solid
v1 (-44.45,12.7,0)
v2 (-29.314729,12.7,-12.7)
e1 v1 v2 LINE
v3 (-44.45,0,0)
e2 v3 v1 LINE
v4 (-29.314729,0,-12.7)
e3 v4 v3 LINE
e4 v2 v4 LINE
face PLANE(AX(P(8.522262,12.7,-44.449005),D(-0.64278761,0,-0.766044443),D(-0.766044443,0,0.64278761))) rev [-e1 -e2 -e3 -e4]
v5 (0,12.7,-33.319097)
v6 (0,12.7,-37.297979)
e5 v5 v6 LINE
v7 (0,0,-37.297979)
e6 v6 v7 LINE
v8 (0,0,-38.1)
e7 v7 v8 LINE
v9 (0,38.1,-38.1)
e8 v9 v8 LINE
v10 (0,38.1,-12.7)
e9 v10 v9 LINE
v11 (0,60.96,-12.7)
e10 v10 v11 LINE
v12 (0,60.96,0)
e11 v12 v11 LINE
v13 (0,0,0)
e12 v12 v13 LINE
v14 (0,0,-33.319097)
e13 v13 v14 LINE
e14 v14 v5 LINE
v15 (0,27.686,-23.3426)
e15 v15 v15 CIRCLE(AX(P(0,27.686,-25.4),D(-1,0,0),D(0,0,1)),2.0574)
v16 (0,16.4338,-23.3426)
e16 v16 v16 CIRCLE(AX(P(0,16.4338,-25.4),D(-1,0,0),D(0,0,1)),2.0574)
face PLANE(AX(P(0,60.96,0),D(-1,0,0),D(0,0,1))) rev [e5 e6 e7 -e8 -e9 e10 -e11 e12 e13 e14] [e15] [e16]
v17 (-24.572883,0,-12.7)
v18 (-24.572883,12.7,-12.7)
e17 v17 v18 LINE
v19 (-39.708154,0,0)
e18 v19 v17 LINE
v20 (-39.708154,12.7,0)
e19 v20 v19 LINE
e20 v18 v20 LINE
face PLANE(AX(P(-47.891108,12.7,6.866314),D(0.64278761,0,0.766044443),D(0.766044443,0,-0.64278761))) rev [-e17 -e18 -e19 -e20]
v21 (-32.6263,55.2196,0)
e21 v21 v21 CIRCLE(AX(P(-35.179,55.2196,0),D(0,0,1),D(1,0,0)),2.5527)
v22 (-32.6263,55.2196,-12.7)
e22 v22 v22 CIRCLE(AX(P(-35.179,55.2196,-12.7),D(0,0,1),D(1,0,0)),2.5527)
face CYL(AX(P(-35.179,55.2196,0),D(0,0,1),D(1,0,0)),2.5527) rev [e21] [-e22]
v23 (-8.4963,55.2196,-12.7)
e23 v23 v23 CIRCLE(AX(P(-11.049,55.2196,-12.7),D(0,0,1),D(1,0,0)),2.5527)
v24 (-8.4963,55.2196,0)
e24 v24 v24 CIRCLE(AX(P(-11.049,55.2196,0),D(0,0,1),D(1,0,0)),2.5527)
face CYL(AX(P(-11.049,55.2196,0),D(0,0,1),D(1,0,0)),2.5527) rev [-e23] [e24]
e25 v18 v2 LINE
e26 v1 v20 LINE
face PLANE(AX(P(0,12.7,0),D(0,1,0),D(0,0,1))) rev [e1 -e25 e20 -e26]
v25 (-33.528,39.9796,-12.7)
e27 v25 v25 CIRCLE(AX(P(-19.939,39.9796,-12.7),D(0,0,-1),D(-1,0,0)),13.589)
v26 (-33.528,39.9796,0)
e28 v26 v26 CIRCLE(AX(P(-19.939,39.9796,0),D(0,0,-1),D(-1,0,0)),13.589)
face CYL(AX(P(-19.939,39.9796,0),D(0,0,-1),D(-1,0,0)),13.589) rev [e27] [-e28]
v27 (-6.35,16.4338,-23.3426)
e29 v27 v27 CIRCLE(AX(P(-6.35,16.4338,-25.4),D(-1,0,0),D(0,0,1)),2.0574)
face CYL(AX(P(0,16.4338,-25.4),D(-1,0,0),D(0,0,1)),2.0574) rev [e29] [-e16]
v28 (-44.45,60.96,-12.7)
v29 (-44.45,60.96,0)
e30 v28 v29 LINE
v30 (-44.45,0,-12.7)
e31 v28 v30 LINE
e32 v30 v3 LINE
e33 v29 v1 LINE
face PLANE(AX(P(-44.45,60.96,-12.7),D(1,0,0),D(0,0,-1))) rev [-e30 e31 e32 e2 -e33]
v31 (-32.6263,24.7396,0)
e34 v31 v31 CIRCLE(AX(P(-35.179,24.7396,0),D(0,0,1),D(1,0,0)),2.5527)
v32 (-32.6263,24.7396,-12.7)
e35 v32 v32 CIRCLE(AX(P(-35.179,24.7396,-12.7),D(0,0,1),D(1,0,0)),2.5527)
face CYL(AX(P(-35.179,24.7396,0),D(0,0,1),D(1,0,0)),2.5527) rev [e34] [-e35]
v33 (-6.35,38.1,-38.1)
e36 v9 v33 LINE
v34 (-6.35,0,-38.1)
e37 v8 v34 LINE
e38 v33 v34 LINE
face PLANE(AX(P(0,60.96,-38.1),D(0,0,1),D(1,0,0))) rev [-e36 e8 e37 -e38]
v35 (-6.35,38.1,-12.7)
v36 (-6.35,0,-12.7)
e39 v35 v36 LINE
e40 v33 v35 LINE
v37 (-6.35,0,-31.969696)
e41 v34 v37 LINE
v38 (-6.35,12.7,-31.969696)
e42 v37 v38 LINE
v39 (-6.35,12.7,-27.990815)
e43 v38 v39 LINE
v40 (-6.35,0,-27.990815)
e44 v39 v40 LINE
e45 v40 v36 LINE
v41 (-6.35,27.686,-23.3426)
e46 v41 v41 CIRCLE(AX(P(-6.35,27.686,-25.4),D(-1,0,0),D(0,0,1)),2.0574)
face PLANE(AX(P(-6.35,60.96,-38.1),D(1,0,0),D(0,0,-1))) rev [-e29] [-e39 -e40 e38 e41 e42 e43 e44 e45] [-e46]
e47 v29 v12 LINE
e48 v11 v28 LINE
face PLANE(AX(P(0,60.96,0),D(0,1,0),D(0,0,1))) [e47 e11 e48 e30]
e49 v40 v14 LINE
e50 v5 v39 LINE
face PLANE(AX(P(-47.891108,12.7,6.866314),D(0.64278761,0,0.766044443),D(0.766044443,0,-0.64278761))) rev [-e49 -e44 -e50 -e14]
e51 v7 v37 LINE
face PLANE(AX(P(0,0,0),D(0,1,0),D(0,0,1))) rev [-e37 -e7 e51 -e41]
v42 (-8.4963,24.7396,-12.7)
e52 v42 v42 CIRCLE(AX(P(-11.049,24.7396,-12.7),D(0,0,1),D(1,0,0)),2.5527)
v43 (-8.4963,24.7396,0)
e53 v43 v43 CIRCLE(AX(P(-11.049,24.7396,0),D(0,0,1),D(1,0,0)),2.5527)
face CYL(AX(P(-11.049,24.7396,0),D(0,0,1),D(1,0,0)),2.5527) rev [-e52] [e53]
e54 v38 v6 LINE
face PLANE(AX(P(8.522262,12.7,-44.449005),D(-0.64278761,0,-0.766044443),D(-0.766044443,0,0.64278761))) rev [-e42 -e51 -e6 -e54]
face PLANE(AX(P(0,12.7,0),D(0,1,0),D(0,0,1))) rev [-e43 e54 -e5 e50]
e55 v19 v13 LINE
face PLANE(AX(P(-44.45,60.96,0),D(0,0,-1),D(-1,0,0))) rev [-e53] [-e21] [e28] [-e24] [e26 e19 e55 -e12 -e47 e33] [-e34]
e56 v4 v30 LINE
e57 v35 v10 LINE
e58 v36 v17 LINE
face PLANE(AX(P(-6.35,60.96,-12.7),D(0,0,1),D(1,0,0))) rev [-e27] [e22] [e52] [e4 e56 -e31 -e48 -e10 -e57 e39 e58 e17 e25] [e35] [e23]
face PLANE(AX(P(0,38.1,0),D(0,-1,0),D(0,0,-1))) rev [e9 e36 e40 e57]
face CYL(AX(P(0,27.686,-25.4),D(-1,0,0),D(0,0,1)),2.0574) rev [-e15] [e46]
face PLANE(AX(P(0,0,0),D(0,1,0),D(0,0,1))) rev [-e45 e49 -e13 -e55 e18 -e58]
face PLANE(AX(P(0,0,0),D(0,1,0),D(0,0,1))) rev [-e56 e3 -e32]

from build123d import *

# Parameters (mm, degrees)
BOSS_EXTRUDE1_DEPTH         = 60.96
SKETCH4_R                   = 2.0574
CUT_EXTRUDE3_DEPTH          = 7.35
SKETCH3_R                   = 13.589
SKETCH3_R_2                 = 2.54
CUT_EXTRUDE2_DEPTH          = 13.7
CUT_EXTRUDE4_DEPTH          = 12.7
SKETCH10_W                  = 6.35
SKETCH10_H                  = 25.4
CUT_EXTRUDE5_DEPTH          = 22.86
F_1_4_20_TAPPED_HOLE1_D     = 5.1054
F_1_4_20_TAPPED_HOLE1_DEPTH = 16.51
F_1_4_20_TAPPED_HOLE1_TIP   = 1.533816902


with BuildPart() as part:
    # Sketch1 → Boss-Extrude1 (new body)
    with BuildSketch(Plane(origin=(0, 0, 0), x_dir=(1, 0, 0), z_dir=(0, 1, 0))):
        Polygon((-44.45, 12.7), (-44.45, 0), (0, 0), (0, 38.1), (-6.35, 38.1), (-6.35, 12.7), align=None)
    extrude(amount=BOSS_EXTRUDE1_DEPTH)

    # Sketch4 → Cut-Extrude3 (cut, through all)
    with BuildSketch(Plane.ZY.offset(6.35)):
        with Locations((-25.4, 16.4338)):
            Circle(SKETCH4_R)
        with Locations((-25.4, 27.686)):
            Circle(SKETCH4_R)
    extrude(amount=-CUT_EXTRUDE3_DEPTH, mode=Mode.SUBTRACT)

    # Sketch3 → Cut-Extrude2 (cut, through all)
    with BuildSketch(Plane(origin=(0, 0, -12.7), x_dir=(-1, 0, 0), z_dir=(0, 0, -1))):
        with Locations((19.939, 39.9796)):
            Circle(SKETCH3_R)
        with Locations((35.179, 55.2196)):
            Circle(SKETCH3_R_2)
        with Locations((11.049, 55.2196)):
            Circle(SKETCH3_R_2)
        with Locations((11.049, 24.7396)):
            Circle(SKETCH3_R_2)
        with Locations((35.179, 24.7396)):
            Circle(SKETCH3_R_2)
    extrude(amount=-CUT_EXTRUDE2_DEPTH, mode=Mode.SUBTRACT)

    # Sketch6 → Cut-Extrude4 (cut)
    with BuildSketch(Plane.XZ):
        Polygon((-47.891108231, 6.866314065), (10.481478335, -42.114101793), (8.522261701, -44.449005256), (-49.850324865, 4.531410602), align=None)
    extrude(amount=-CUT_EXTRUDE4_DEPTH, mode=Mode.SUBTRACT)

    # Sketch10 → Cut-Extrude5 (cut)
    with BuildSketch(Plane(origin=(0, 60.96, 0), x_dir=(1, 0, 0), z_dir=(0, 1, 0))):
        with Locations((-3.175, 25.4)):
            Rectangle(SKETCH10_W, SKETCH10_H)
    extrude(amount=-CUT_EXTRUDE5_DEPTH, mode=Mode.SUBTRACT)

    # 1/4-20 Tapped Hole1
    with Locations(Plane.XY):
        with Locations((-35.179, 55.2196), (-11.049, 55.2196), (-35.179, 24.7396), (-11.049, 24.7396)):
            Hole(F_1_4_20_TAPPED_HOLE1_D / 2, depth=F_1_4_20_TAPPED_HOLE1_DEPTH)
            with Locations((0, 0, -(F_1_4_20_TAPPED_HOLE1_DEPTH + F_1_4_20_TAPPED_HOLE1_TIP / 2))):  # 118° drill point
                Cone(0, F_1_4_20_TAPPED_HOLE1_D / 2, F_1_4_20_TAPPED_HOLE1_TIP, mode=Mode.SUBTRACT)


solid = part.part
